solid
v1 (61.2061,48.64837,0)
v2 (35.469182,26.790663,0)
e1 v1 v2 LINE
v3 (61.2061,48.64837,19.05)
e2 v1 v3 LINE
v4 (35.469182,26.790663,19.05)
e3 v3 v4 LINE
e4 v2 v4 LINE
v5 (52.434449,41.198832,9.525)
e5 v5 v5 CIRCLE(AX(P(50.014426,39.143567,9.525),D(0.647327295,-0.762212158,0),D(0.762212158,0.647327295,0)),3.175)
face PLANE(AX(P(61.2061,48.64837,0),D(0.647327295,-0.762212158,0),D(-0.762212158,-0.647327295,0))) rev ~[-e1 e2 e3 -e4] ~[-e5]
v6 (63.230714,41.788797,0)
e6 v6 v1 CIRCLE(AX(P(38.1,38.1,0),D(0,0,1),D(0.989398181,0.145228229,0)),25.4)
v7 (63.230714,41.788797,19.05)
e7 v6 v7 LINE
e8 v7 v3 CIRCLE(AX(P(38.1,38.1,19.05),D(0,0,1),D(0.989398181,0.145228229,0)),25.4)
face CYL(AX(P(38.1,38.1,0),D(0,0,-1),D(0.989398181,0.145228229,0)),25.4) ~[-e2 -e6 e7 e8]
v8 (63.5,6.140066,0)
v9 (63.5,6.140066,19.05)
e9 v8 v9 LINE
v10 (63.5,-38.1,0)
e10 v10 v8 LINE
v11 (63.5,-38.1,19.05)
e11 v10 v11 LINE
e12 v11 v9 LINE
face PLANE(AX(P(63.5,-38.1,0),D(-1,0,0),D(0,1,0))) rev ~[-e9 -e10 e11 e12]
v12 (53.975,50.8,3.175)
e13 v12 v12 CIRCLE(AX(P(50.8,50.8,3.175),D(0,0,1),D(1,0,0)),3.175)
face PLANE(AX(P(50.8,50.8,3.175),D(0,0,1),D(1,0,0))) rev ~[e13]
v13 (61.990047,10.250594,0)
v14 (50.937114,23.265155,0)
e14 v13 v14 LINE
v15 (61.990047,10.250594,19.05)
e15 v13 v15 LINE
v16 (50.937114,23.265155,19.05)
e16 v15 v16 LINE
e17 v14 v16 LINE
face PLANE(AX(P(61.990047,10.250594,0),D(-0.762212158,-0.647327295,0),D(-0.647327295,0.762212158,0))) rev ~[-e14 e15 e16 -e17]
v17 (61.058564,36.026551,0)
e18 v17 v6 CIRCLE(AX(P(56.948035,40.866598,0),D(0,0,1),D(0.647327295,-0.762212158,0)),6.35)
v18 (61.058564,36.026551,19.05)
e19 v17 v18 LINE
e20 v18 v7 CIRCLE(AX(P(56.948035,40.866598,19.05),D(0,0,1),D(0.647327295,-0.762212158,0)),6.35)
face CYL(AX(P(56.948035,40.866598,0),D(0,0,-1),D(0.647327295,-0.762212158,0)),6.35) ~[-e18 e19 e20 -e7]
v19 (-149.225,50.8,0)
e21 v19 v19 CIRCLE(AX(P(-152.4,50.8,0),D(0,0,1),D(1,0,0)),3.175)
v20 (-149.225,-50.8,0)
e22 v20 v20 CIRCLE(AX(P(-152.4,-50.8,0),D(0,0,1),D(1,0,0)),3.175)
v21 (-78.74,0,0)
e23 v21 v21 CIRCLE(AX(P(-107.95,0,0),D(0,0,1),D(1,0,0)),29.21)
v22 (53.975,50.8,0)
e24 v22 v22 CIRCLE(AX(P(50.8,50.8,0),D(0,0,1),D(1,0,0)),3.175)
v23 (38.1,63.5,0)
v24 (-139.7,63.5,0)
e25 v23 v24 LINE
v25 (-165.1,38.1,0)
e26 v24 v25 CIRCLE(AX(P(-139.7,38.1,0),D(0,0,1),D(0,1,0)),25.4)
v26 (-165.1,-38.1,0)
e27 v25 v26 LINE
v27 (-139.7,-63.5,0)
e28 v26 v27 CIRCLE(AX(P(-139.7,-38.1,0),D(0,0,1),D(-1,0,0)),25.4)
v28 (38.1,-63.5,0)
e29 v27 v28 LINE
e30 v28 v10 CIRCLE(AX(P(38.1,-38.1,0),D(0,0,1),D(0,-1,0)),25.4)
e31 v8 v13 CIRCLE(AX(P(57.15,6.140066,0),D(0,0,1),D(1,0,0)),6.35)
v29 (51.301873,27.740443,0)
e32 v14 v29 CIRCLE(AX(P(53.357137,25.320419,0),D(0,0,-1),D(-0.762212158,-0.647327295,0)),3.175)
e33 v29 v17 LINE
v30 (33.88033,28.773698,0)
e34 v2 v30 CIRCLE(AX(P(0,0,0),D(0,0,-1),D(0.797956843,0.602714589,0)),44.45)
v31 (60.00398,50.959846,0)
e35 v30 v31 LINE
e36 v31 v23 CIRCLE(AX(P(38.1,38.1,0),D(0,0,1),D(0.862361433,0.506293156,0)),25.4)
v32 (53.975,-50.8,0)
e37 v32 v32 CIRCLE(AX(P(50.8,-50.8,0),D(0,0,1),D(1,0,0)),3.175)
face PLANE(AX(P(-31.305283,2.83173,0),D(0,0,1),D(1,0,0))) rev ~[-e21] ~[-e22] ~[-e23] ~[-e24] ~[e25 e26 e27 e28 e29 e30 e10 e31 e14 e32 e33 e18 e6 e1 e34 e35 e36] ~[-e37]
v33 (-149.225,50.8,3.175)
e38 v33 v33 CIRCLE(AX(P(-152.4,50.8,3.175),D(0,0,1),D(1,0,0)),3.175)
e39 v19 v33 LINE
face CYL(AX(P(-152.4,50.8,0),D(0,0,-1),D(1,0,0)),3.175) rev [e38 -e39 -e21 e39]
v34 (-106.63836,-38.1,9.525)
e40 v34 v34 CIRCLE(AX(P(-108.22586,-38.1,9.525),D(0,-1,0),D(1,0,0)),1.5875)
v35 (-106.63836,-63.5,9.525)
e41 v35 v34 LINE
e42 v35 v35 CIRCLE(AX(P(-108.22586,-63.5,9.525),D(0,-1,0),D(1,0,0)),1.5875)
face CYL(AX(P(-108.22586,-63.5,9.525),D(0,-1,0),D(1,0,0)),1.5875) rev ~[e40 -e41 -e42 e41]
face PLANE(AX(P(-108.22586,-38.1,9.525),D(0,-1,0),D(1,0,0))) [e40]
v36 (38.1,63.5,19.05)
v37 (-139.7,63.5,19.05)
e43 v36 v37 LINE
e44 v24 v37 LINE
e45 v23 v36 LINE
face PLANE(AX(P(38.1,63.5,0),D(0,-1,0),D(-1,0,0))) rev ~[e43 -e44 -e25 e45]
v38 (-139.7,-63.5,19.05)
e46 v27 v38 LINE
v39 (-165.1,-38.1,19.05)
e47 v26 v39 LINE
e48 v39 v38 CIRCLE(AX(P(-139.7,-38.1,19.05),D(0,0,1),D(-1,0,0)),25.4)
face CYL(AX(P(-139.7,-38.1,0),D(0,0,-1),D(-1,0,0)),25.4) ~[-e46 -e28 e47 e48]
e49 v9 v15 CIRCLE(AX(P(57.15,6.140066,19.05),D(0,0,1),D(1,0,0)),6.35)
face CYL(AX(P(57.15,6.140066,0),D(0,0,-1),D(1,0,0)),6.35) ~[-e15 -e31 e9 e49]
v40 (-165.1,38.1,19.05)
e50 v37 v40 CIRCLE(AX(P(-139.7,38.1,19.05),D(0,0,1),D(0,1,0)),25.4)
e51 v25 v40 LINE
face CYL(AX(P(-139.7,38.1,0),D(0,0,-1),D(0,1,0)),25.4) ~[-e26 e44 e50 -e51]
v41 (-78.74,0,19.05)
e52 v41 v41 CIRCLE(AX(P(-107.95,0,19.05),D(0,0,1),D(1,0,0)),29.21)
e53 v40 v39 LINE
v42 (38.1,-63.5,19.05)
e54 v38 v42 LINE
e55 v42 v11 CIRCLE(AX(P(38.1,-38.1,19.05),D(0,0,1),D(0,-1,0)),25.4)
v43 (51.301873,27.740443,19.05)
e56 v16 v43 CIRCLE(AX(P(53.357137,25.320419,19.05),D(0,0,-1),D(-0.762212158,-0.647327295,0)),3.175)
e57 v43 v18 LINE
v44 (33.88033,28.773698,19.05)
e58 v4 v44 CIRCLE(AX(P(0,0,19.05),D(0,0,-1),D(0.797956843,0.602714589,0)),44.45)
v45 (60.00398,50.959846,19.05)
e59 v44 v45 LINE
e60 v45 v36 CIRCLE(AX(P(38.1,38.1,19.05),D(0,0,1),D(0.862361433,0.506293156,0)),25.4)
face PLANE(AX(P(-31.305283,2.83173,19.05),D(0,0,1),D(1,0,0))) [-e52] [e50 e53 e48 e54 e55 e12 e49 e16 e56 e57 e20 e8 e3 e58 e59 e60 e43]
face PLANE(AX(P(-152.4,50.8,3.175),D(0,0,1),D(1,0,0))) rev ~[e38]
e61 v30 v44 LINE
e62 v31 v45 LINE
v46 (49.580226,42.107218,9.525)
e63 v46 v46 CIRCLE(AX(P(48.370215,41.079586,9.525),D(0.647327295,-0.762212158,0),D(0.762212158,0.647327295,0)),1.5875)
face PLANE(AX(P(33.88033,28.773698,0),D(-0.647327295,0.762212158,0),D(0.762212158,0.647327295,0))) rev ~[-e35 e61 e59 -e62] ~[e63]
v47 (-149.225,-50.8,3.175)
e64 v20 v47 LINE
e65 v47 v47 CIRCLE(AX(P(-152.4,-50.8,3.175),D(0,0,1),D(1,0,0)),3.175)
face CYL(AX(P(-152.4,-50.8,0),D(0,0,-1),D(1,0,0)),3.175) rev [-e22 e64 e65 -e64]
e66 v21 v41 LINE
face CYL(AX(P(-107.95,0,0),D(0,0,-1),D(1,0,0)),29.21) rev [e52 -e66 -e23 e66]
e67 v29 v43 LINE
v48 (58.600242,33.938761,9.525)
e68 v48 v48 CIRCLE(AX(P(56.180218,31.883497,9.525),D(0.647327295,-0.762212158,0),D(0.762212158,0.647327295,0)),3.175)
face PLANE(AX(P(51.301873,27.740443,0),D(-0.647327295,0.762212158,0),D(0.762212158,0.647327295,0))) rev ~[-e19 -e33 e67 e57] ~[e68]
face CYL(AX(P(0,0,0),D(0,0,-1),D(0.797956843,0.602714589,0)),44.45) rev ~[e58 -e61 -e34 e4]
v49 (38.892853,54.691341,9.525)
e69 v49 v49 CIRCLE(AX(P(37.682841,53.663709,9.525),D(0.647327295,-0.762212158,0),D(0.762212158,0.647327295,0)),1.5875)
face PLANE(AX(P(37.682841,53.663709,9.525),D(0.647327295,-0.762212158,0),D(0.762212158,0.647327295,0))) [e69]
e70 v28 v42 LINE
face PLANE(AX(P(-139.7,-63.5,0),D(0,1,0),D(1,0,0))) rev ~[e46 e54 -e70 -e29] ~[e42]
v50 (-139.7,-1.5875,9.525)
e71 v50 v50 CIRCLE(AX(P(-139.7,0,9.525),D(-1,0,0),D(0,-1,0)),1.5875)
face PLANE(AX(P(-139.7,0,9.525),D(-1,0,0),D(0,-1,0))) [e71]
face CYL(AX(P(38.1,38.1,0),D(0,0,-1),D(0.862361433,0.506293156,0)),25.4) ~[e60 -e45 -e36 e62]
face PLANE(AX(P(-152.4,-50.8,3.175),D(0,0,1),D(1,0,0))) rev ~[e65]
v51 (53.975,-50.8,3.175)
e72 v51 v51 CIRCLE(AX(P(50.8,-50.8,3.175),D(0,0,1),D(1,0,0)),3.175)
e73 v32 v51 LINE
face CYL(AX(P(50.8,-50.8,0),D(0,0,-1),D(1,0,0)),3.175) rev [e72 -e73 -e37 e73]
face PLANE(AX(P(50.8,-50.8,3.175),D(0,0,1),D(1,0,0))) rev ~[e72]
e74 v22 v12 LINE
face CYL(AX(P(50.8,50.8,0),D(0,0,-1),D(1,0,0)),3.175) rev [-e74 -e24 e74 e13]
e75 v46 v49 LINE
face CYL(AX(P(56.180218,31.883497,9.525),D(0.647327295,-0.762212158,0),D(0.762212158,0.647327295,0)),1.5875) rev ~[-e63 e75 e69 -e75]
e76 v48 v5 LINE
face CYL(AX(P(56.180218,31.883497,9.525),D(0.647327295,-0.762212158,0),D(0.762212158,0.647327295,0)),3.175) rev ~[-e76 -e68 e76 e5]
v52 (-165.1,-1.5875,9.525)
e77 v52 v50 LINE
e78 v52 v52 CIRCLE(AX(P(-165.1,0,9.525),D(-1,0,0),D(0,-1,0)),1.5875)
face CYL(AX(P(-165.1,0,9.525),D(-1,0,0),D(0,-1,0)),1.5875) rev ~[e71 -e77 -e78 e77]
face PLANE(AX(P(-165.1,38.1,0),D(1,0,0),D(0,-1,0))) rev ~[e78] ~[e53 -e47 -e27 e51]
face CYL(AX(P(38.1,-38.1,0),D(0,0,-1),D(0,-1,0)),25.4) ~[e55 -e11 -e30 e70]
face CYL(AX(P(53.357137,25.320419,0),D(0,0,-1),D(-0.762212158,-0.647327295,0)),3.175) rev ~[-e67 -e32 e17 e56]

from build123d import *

# Parameters (mm, degrees)
F0_R      = 29.21
F10_DEPTH = 19.05
F1_R      = 3.175
F2_DEPTH  = 3.175
F3_R      = 1.5875
F4_DEPTH  = 28.575
F5_R      = 3.175
F11_DEPTH = 9.526
F6_R      = 1.5875
F7_DEPTH  = 25.4
F8_R      = 1.5875
F9_DEPTH  = 25.4


with BuildPart() as f10:
    # F0 (on Top) → F10 (new body)
    with BuildSketch(Plane.XY):
        with BuildLine():
            Line((38.1, 63.5), (-139.7, 63.5))
            ThreePointArc((-139.7, 63.5), (-157.6605122421, 56.0605122421), (-165.1, 38.1))
            Line((-165.1, 38.1), (-165.1, -38.1))
            ThreePointArc((-165.1, -38.1), (-157.6605122421, -56.0605122421), (-139.7, -63.5))
            Line((-139.7, -63.5), (38.1, -63.5))
            ThreePointArc((38.1, -63.5), (56.0605122421, -56.0605122421), (63.5, -38.1))
            Line((63.5, -38.1), (63.5, 6.1400658214))
            ThreePointArc((63.5, 6.1400658214), (63.1105704313, 8.3296091832), (61.9900472022, 10.2505941427))
            Line((61.9900472022, 10.2505941427), (50.937113555, 23.2651548983))
            ThreePointArc((50.937113555, 23.2651548983), (50.192630832, 25.5783429328), (51.3018729955, 27.7404426601))
            Line((51.3018729955, 27.7404426601), (61.058563678, 36.026550563))
            ThreePointArc((61.058563678, 36.026550563), (62.8898833704, 38.6267446044), (63.2307138089, 41.7887970203))
            ThreePointArc((63.2307138089, 41.7887970203), (62.4610549959, 45.2902016304), (61.206100491, 48.648370495))
            Line((61.206100491, 48.648370495), (35.46918169, 26.7906634902))
            ThreePointArc((35.46918169, 26.7906634902), (-34.6889292719, -27.7935367661), (33.8803304154, 28.7736982493))
            Line((33.8803304154, 28.7736982493), (60.0039803909, 50.9598461512))
            ThreePointArc((60.0039803909, 50.9598461512), (50.719823845, 60.1431405685), (38.1, 63.5))
        make_face()
        with Locations((-107.95, 0)):
            Circle(F0_R, mode=Mode.SUBTRACT)
    extrude(amount=F10_DEPTH)

    # F1 (on face) → F2 (cut)
    with BuildSketch(Plane.XY):
        with Locations((-152.4, -50.8)):
            Circle(F1_R)
        with Locations((50.8, -50.8)):
            Circle(F1_R)
        with Locations((50.8, 50.8)):
            Circle(F1_R)
        with Locations((-152.4, 50.8)):
            Circle(F1_R)
    extrude(amount=F2_DEPTH, mode=Mode.SUBTRACT)

    # F3 (on face) → F4 (cut)
    with BuildSketch(Plane(origin=(7.8100038105, -9.1960896842, 0), x_dir=(0.7622121578, 0.6473272947, 0), z_dir=(0.6473272947, -0.7622121578, 0))):
        with Locations((63.4603030527, 9.525)):
            Circle(F3_R)
    extrude(amount=-F4_DEPTH, mode=Mode.SUBTRACT)

    # F5 (on face) → F11 (cut, through all)
    with BuildSketch(Plane(origin=(7.8100038105, -9.1960896842, 0), x_dir=(0.7622121578, 0.6473272947, 0), z_dir=(0.6473272947, -0.7622121578, 0))):
        with Locations((63.4603030527, 9.525)):
            Circle(F5_R)
    extrude(amount=-F11_DEPTH, mode=Mode.SUBTRACT)

    # F6 (on face) → F7 (cut)
    with BuildSketch(Plane.XZ.offset(63.5)):
        with Locations((-108.2258597016, 9.525)):
            Circle(F6_R)
    extrude(amount=-F7_DEPTH, mode=Mode.SUBTRACT)

    # F8 (on face) → F9 (cut)
    with BuildSketch(Plane(origin=(-165.1, 0, 0), x_dir=(0, -1, 0), z_dir=(-1, 0, 0))):
        with Locations((0, 9.525)):
            Circle(F8_R)
    extrude(amount=-F9_DEPTH, mode=Mode.SUBTRACT)


solid = f10.part
